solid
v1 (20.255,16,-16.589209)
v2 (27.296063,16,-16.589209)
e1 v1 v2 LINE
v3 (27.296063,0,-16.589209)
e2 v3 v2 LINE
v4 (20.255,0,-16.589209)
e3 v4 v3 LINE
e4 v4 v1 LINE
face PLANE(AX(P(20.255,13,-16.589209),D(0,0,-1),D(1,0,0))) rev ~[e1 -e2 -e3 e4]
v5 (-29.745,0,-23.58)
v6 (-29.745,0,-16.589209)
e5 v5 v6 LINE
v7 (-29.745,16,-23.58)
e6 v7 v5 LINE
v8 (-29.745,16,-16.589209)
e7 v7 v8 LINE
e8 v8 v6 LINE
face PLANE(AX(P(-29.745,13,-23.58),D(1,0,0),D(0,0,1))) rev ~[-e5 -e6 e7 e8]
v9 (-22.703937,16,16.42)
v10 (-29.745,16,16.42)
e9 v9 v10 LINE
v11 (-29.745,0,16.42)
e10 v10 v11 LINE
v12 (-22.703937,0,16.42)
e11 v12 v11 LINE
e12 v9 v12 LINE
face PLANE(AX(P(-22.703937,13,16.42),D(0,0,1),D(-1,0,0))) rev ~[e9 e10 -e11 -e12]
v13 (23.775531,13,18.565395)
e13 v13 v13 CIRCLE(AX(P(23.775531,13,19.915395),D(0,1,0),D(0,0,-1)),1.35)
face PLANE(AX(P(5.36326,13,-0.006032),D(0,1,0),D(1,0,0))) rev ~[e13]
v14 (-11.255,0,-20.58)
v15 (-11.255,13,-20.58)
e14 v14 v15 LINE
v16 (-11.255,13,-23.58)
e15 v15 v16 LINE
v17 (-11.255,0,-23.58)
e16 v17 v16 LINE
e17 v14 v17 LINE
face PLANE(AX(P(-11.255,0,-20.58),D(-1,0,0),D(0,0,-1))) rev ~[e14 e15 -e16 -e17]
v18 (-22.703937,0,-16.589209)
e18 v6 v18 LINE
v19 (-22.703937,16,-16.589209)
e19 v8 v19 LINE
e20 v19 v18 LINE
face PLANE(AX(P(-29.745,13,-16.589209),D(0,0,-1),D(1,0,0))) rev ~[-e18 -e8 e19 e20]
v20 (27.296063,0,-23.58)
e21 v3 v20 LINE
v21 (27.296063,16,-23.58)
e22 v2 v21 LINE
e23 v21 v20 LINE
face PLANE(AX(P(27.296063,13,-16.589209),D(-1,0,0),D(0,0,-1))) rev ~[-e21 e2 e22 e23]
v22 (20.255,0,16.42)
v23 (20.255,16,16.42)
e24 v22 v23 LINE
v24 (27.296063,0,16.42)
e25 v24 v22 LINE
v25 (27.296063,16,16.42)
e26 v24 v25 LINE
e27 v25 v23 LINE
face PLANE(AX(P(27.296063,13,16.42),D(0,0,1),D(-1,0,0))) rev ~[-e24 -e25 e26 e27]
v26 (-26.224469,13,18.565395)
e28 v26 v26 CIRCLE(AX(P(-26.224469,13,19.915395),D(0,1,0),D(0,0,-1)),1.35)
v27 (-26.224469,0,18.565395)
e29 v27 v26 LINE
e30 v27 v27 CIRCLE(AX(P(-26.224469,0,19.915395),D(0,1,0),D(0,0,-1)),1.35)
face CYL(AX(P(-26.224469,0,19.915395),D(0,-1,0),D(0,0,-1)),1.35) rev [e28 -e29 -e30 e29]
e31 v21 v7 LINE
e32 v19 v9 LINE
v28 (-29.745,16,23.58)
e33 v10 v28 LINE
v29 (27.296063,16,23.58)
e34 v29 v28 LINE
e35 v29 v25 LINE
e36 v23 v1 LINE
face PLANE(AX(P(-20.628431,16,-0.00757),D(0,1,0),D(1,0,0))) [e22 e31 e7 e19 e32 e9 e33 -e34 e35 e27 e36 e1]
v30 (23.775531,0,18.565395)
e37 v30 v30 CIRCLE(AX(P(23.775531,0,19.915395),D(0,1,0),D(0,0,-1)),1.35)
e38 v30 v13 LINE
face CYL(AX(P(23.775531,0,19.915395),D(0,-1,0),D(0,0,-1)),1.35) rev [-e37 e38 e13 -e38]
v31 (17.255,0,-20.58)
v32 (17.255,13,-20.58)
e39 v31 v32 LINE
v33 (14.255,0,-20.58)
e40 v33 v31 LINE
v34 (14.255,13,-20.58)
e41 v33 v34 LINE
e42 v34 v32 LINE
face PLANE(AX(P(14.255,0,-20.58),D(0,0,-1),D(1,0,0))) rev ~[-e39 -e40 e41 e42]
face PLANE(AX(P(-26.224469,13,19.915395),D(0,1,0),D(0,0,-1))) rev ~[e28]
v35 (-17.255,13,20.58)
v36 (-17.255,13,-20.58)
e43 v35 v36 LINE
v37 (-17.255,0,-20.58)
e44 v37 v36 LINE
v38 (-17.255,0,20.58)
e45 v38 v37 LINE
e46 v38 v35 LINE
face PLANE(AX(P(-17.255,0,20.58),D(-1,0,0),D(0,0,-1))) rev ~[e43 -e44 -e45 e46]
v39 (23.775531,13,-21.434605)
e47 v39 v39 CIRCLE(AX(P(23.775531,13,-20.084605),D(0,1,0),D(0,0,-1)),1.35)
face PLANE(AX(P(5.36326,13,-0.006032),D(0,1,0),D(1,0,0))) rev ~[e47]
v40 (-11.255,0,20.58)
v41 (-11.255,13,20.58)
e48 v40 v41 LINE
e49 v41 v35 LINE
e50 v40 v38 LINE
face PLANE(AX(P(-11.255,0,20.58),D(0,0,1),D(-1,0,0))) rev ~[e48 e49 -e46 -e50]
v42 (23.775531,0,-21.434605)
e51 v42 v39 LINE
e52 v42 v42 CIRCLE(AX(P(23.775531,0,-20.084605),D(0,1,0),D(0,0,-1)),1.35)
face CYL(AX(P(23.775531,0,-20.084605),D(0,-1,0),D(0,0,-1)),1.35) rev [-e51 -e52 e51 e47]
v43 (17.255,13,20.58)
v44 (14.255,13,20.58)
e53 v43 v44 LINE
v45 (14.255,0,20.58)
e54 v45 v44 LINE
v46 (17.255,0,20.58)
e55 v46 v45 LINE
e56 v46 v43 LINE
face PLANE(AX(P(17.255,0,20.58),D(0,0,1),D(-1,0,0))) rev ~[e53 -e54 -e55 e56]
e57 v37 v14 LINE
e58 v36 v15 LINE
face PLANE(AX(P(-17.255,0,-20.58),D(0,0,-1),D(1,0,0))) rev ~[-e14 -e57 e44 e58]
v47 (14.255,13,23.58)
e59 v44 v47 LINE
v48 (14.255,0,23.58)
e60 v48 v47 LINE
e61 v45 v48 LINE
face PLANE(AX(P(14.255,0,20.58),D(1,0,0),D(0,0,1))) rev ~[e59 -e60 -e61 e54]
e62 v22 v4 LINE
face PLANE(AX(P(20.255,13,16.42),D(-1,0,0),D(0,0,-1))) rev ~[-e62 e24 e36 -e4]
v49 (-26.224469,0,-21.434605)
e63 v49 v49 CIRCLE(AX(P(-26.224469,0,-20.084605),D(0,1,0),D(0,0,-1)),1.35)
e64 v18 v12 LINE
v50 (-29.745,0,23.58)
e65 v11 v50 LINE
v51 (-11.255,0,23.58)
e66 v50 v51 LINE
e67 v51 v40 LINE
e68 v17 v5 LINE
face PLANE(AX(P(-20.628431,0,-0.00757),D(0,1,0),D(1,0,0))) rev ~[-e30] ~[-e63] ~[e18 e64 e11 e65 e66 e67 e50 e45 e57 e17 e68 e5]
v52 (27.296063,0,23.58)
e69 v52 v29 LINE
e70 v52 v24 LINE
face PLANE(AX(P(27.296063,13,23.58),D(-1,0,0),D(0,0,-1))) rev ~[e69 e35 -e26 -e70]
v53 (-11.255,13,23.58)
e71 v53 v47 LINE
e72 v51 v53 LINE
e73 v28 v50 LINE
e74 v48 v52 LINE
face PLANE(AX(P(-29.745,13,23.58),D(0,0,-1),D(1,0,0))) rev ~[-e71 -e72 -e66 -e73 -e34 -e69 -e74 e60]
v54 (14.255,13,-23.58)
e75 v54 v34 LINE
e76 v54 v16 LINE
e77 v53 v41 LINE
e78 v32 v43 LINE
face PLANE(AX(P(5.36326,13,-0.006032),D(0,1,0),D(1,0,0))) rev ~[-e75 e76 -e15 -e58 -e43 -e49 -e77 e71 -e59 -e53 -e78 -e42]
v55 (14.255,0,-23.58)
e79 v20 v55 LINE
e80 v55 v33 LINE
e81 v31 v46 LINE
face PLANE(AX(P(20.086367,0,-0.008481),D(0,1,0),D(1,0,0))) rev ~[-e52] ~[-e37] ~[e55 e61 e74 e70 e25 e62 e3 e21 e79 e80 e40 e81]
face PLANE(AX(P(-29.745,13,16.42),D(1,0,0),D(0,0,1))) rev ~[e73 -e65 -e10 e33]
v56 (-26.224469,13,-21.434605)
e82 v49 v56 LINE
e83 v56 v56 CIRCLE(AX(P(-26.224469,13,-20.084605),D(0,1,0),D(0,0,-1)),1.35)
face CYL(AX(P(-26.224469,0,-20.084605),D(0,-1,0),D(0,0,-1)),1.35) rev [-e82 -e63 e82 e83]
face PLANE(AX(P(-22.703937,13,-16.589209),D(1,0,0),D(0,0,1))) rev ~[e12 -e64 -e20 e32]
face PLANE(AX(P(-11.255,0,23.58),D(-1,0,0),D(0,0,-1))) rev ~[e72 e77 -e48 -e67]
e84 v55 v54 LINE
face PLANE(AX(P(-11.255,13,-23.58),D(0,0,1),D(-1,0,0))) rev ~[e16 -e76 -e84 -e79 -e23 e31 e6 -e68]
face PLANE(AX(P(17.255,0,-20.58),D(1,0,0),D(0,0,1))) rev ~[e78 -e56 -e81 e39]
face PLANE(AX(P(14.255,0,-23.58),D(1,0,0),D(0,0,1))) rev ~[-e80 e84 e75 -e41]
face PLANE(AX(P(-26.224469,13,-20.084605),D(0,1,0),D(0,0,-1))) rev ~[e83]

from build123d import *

# Parameters (mm, degrees)
SKETCH1_R             = 1.35
BOSS_EXTRUDE2_DEPTH   = 13
BOSS_EXTRUDE2_2_DEPTH = 13
SKETCH4_R             = 1.35
BOSS_EXTRUDE5_DEPTH   = 3


with BuildPart() as part:
    # Sketch1 → Boss-Extrude2 (new body)
    with BuildSketch(Plane(origin=(0, 0, 0), x_dir=(1, 0, 0), z_dir=(0, 1, 0))):
        Polygon((-11.255, 23.58), (-29.745, 23.58), (-29.745, 16.589209278), (-22.7039371, 16.589209278), (-22.7039371, -16.42), (-29.745, -16.42), (-29.745, -23.58), (-11.255, -23.58), (-11.255, -20.58), (-17.255, -20.58), (-17.255, 20.58), (-11.255, 20.58), align=None)
        with Locations(Location((-26.22446855, 20.084604639, 0), (0, 0, 90))):
            Circle(SKETCH1_R, mode=Mode.SUBTRACT)
        with Locations(Location((-26.22446855, -19.915395361, 0), (0, 0, 90))):
            Circle(SKETCH1_R, mode=Mode.SUBTRACT)
    extrude(amount=BOSS_EXTRUDE2_DEPTH)



with BuildPart() as body_2:
    # Sketch1 → Boss-Extrude2 2 (new body)
    with BuildSketch(Plane(origin=(0, 0, 0), x_dir=(1, 0, 0), z_dir=(0, 1, 0))):
        Polygon((14.255, 23.58), (14.255, 20.58), (17.255, 20.58), (17.255, -20.58), (14.255, -20.58), (14.255, -23.58), (27.2960629, -23.58), (27.2960629, -16.42), (20.255, -16.42), (20.255, 16.589209278), (27.2960629, 16.589209278), (27.2960629, 23.58), align=None)
        with Locations(Location((23.77553145, 20.084604639, 0), (0, 0, 90))):
            Circle(SKETCH1_R, mode=Mode.SUBTRACT)
        with Locations(Location((23.77553145, -19.915395361, 0), (0, 0, 90))):
            Circle(SKETCH1_R, mode=Mode.SUBTRACT)
    extrude(amount=BOSS_EXTRUDE2_2_DEPTH)


with BuildPart() as part_1:
    add(part.part)

    add(body_2.part)  # Boss-Extrude5 merges body 2
    # Sketch4 → Boss-Extrude5 (add)
    # profile 1 of 4: a face of its own
    with BuildSketch(Plane(origin=(0, 13, 0), x_dir=(1, 0, 0), z_dir=(0, 1, 0))):
        Polygon((-29.745, -23.58), (-11.255, -23.58), (-11.255, -20.58), (-17.255, -20.58), (-17.255, 20.58), (-11.255, 20.58), (-11.255, 23.58), (-29.745, 23.58), (-29.745, 16.589209278), (-22.7039371, 16.589209278), (-22.7039371, -16.42), (-29.745, -16.42), align=None)
        with Locations(Location((-26.22446855, -19.915395361, 0), (0, 0, 90))):
            Circle(SKETCH4_R, mode=Mode.SUBTRACT)
        with Locations(Location((-26.22446855, 20.084604639, 0), (0, 0, 90))):
            Circle(SKETCH4_R, mode=Mode.SUBTRACT)
    # profile 2 of 4: a face of its own
    with BuildSketch(Plane(origin=(0, 13, 0), x_dir=(1, 0, 0), z_dir=(0, 1, 0))):
        Polygon((27.2960629, 23.58), (-11.255, 23.58), (-11.255, 20.58), (-17.255, 20.58), (-17.255, -20.58), (-11.255, -20.58), (-11.255, -23.58), (27.2960629, -23.58), (27.2960629, -16.42), (20.255, -16.42), (20.255, 16.589209278), (27.2960629, 16.589209278), align=None)
    # profile 3 of 4: a face of its own
    with BuildSketch(Plane(origin=(0, 13, 0), x_dir=(1, 0, 0), z_dir=(0, 1, 0))):
        with Locations(Location((-26.22446855, 20.084604639, 0), (0, 0, 90))):
            Circle(SKETCH4_R)
    # profile 4 of 4: a face of its own
    with BuildSketch(Plane(origin=(0, 13, 0), x_dir=(1, 0, 0), z_dir=(0, 1, 0))):
        with Locations(Location((-26.22446855, -19.915395361, 0), (0, 0, 90))):
            Circle(SKETCH4_R)
    extrude(amount=BOSS_EXTRUDE5_DEPTH)


solid = part_1.part
